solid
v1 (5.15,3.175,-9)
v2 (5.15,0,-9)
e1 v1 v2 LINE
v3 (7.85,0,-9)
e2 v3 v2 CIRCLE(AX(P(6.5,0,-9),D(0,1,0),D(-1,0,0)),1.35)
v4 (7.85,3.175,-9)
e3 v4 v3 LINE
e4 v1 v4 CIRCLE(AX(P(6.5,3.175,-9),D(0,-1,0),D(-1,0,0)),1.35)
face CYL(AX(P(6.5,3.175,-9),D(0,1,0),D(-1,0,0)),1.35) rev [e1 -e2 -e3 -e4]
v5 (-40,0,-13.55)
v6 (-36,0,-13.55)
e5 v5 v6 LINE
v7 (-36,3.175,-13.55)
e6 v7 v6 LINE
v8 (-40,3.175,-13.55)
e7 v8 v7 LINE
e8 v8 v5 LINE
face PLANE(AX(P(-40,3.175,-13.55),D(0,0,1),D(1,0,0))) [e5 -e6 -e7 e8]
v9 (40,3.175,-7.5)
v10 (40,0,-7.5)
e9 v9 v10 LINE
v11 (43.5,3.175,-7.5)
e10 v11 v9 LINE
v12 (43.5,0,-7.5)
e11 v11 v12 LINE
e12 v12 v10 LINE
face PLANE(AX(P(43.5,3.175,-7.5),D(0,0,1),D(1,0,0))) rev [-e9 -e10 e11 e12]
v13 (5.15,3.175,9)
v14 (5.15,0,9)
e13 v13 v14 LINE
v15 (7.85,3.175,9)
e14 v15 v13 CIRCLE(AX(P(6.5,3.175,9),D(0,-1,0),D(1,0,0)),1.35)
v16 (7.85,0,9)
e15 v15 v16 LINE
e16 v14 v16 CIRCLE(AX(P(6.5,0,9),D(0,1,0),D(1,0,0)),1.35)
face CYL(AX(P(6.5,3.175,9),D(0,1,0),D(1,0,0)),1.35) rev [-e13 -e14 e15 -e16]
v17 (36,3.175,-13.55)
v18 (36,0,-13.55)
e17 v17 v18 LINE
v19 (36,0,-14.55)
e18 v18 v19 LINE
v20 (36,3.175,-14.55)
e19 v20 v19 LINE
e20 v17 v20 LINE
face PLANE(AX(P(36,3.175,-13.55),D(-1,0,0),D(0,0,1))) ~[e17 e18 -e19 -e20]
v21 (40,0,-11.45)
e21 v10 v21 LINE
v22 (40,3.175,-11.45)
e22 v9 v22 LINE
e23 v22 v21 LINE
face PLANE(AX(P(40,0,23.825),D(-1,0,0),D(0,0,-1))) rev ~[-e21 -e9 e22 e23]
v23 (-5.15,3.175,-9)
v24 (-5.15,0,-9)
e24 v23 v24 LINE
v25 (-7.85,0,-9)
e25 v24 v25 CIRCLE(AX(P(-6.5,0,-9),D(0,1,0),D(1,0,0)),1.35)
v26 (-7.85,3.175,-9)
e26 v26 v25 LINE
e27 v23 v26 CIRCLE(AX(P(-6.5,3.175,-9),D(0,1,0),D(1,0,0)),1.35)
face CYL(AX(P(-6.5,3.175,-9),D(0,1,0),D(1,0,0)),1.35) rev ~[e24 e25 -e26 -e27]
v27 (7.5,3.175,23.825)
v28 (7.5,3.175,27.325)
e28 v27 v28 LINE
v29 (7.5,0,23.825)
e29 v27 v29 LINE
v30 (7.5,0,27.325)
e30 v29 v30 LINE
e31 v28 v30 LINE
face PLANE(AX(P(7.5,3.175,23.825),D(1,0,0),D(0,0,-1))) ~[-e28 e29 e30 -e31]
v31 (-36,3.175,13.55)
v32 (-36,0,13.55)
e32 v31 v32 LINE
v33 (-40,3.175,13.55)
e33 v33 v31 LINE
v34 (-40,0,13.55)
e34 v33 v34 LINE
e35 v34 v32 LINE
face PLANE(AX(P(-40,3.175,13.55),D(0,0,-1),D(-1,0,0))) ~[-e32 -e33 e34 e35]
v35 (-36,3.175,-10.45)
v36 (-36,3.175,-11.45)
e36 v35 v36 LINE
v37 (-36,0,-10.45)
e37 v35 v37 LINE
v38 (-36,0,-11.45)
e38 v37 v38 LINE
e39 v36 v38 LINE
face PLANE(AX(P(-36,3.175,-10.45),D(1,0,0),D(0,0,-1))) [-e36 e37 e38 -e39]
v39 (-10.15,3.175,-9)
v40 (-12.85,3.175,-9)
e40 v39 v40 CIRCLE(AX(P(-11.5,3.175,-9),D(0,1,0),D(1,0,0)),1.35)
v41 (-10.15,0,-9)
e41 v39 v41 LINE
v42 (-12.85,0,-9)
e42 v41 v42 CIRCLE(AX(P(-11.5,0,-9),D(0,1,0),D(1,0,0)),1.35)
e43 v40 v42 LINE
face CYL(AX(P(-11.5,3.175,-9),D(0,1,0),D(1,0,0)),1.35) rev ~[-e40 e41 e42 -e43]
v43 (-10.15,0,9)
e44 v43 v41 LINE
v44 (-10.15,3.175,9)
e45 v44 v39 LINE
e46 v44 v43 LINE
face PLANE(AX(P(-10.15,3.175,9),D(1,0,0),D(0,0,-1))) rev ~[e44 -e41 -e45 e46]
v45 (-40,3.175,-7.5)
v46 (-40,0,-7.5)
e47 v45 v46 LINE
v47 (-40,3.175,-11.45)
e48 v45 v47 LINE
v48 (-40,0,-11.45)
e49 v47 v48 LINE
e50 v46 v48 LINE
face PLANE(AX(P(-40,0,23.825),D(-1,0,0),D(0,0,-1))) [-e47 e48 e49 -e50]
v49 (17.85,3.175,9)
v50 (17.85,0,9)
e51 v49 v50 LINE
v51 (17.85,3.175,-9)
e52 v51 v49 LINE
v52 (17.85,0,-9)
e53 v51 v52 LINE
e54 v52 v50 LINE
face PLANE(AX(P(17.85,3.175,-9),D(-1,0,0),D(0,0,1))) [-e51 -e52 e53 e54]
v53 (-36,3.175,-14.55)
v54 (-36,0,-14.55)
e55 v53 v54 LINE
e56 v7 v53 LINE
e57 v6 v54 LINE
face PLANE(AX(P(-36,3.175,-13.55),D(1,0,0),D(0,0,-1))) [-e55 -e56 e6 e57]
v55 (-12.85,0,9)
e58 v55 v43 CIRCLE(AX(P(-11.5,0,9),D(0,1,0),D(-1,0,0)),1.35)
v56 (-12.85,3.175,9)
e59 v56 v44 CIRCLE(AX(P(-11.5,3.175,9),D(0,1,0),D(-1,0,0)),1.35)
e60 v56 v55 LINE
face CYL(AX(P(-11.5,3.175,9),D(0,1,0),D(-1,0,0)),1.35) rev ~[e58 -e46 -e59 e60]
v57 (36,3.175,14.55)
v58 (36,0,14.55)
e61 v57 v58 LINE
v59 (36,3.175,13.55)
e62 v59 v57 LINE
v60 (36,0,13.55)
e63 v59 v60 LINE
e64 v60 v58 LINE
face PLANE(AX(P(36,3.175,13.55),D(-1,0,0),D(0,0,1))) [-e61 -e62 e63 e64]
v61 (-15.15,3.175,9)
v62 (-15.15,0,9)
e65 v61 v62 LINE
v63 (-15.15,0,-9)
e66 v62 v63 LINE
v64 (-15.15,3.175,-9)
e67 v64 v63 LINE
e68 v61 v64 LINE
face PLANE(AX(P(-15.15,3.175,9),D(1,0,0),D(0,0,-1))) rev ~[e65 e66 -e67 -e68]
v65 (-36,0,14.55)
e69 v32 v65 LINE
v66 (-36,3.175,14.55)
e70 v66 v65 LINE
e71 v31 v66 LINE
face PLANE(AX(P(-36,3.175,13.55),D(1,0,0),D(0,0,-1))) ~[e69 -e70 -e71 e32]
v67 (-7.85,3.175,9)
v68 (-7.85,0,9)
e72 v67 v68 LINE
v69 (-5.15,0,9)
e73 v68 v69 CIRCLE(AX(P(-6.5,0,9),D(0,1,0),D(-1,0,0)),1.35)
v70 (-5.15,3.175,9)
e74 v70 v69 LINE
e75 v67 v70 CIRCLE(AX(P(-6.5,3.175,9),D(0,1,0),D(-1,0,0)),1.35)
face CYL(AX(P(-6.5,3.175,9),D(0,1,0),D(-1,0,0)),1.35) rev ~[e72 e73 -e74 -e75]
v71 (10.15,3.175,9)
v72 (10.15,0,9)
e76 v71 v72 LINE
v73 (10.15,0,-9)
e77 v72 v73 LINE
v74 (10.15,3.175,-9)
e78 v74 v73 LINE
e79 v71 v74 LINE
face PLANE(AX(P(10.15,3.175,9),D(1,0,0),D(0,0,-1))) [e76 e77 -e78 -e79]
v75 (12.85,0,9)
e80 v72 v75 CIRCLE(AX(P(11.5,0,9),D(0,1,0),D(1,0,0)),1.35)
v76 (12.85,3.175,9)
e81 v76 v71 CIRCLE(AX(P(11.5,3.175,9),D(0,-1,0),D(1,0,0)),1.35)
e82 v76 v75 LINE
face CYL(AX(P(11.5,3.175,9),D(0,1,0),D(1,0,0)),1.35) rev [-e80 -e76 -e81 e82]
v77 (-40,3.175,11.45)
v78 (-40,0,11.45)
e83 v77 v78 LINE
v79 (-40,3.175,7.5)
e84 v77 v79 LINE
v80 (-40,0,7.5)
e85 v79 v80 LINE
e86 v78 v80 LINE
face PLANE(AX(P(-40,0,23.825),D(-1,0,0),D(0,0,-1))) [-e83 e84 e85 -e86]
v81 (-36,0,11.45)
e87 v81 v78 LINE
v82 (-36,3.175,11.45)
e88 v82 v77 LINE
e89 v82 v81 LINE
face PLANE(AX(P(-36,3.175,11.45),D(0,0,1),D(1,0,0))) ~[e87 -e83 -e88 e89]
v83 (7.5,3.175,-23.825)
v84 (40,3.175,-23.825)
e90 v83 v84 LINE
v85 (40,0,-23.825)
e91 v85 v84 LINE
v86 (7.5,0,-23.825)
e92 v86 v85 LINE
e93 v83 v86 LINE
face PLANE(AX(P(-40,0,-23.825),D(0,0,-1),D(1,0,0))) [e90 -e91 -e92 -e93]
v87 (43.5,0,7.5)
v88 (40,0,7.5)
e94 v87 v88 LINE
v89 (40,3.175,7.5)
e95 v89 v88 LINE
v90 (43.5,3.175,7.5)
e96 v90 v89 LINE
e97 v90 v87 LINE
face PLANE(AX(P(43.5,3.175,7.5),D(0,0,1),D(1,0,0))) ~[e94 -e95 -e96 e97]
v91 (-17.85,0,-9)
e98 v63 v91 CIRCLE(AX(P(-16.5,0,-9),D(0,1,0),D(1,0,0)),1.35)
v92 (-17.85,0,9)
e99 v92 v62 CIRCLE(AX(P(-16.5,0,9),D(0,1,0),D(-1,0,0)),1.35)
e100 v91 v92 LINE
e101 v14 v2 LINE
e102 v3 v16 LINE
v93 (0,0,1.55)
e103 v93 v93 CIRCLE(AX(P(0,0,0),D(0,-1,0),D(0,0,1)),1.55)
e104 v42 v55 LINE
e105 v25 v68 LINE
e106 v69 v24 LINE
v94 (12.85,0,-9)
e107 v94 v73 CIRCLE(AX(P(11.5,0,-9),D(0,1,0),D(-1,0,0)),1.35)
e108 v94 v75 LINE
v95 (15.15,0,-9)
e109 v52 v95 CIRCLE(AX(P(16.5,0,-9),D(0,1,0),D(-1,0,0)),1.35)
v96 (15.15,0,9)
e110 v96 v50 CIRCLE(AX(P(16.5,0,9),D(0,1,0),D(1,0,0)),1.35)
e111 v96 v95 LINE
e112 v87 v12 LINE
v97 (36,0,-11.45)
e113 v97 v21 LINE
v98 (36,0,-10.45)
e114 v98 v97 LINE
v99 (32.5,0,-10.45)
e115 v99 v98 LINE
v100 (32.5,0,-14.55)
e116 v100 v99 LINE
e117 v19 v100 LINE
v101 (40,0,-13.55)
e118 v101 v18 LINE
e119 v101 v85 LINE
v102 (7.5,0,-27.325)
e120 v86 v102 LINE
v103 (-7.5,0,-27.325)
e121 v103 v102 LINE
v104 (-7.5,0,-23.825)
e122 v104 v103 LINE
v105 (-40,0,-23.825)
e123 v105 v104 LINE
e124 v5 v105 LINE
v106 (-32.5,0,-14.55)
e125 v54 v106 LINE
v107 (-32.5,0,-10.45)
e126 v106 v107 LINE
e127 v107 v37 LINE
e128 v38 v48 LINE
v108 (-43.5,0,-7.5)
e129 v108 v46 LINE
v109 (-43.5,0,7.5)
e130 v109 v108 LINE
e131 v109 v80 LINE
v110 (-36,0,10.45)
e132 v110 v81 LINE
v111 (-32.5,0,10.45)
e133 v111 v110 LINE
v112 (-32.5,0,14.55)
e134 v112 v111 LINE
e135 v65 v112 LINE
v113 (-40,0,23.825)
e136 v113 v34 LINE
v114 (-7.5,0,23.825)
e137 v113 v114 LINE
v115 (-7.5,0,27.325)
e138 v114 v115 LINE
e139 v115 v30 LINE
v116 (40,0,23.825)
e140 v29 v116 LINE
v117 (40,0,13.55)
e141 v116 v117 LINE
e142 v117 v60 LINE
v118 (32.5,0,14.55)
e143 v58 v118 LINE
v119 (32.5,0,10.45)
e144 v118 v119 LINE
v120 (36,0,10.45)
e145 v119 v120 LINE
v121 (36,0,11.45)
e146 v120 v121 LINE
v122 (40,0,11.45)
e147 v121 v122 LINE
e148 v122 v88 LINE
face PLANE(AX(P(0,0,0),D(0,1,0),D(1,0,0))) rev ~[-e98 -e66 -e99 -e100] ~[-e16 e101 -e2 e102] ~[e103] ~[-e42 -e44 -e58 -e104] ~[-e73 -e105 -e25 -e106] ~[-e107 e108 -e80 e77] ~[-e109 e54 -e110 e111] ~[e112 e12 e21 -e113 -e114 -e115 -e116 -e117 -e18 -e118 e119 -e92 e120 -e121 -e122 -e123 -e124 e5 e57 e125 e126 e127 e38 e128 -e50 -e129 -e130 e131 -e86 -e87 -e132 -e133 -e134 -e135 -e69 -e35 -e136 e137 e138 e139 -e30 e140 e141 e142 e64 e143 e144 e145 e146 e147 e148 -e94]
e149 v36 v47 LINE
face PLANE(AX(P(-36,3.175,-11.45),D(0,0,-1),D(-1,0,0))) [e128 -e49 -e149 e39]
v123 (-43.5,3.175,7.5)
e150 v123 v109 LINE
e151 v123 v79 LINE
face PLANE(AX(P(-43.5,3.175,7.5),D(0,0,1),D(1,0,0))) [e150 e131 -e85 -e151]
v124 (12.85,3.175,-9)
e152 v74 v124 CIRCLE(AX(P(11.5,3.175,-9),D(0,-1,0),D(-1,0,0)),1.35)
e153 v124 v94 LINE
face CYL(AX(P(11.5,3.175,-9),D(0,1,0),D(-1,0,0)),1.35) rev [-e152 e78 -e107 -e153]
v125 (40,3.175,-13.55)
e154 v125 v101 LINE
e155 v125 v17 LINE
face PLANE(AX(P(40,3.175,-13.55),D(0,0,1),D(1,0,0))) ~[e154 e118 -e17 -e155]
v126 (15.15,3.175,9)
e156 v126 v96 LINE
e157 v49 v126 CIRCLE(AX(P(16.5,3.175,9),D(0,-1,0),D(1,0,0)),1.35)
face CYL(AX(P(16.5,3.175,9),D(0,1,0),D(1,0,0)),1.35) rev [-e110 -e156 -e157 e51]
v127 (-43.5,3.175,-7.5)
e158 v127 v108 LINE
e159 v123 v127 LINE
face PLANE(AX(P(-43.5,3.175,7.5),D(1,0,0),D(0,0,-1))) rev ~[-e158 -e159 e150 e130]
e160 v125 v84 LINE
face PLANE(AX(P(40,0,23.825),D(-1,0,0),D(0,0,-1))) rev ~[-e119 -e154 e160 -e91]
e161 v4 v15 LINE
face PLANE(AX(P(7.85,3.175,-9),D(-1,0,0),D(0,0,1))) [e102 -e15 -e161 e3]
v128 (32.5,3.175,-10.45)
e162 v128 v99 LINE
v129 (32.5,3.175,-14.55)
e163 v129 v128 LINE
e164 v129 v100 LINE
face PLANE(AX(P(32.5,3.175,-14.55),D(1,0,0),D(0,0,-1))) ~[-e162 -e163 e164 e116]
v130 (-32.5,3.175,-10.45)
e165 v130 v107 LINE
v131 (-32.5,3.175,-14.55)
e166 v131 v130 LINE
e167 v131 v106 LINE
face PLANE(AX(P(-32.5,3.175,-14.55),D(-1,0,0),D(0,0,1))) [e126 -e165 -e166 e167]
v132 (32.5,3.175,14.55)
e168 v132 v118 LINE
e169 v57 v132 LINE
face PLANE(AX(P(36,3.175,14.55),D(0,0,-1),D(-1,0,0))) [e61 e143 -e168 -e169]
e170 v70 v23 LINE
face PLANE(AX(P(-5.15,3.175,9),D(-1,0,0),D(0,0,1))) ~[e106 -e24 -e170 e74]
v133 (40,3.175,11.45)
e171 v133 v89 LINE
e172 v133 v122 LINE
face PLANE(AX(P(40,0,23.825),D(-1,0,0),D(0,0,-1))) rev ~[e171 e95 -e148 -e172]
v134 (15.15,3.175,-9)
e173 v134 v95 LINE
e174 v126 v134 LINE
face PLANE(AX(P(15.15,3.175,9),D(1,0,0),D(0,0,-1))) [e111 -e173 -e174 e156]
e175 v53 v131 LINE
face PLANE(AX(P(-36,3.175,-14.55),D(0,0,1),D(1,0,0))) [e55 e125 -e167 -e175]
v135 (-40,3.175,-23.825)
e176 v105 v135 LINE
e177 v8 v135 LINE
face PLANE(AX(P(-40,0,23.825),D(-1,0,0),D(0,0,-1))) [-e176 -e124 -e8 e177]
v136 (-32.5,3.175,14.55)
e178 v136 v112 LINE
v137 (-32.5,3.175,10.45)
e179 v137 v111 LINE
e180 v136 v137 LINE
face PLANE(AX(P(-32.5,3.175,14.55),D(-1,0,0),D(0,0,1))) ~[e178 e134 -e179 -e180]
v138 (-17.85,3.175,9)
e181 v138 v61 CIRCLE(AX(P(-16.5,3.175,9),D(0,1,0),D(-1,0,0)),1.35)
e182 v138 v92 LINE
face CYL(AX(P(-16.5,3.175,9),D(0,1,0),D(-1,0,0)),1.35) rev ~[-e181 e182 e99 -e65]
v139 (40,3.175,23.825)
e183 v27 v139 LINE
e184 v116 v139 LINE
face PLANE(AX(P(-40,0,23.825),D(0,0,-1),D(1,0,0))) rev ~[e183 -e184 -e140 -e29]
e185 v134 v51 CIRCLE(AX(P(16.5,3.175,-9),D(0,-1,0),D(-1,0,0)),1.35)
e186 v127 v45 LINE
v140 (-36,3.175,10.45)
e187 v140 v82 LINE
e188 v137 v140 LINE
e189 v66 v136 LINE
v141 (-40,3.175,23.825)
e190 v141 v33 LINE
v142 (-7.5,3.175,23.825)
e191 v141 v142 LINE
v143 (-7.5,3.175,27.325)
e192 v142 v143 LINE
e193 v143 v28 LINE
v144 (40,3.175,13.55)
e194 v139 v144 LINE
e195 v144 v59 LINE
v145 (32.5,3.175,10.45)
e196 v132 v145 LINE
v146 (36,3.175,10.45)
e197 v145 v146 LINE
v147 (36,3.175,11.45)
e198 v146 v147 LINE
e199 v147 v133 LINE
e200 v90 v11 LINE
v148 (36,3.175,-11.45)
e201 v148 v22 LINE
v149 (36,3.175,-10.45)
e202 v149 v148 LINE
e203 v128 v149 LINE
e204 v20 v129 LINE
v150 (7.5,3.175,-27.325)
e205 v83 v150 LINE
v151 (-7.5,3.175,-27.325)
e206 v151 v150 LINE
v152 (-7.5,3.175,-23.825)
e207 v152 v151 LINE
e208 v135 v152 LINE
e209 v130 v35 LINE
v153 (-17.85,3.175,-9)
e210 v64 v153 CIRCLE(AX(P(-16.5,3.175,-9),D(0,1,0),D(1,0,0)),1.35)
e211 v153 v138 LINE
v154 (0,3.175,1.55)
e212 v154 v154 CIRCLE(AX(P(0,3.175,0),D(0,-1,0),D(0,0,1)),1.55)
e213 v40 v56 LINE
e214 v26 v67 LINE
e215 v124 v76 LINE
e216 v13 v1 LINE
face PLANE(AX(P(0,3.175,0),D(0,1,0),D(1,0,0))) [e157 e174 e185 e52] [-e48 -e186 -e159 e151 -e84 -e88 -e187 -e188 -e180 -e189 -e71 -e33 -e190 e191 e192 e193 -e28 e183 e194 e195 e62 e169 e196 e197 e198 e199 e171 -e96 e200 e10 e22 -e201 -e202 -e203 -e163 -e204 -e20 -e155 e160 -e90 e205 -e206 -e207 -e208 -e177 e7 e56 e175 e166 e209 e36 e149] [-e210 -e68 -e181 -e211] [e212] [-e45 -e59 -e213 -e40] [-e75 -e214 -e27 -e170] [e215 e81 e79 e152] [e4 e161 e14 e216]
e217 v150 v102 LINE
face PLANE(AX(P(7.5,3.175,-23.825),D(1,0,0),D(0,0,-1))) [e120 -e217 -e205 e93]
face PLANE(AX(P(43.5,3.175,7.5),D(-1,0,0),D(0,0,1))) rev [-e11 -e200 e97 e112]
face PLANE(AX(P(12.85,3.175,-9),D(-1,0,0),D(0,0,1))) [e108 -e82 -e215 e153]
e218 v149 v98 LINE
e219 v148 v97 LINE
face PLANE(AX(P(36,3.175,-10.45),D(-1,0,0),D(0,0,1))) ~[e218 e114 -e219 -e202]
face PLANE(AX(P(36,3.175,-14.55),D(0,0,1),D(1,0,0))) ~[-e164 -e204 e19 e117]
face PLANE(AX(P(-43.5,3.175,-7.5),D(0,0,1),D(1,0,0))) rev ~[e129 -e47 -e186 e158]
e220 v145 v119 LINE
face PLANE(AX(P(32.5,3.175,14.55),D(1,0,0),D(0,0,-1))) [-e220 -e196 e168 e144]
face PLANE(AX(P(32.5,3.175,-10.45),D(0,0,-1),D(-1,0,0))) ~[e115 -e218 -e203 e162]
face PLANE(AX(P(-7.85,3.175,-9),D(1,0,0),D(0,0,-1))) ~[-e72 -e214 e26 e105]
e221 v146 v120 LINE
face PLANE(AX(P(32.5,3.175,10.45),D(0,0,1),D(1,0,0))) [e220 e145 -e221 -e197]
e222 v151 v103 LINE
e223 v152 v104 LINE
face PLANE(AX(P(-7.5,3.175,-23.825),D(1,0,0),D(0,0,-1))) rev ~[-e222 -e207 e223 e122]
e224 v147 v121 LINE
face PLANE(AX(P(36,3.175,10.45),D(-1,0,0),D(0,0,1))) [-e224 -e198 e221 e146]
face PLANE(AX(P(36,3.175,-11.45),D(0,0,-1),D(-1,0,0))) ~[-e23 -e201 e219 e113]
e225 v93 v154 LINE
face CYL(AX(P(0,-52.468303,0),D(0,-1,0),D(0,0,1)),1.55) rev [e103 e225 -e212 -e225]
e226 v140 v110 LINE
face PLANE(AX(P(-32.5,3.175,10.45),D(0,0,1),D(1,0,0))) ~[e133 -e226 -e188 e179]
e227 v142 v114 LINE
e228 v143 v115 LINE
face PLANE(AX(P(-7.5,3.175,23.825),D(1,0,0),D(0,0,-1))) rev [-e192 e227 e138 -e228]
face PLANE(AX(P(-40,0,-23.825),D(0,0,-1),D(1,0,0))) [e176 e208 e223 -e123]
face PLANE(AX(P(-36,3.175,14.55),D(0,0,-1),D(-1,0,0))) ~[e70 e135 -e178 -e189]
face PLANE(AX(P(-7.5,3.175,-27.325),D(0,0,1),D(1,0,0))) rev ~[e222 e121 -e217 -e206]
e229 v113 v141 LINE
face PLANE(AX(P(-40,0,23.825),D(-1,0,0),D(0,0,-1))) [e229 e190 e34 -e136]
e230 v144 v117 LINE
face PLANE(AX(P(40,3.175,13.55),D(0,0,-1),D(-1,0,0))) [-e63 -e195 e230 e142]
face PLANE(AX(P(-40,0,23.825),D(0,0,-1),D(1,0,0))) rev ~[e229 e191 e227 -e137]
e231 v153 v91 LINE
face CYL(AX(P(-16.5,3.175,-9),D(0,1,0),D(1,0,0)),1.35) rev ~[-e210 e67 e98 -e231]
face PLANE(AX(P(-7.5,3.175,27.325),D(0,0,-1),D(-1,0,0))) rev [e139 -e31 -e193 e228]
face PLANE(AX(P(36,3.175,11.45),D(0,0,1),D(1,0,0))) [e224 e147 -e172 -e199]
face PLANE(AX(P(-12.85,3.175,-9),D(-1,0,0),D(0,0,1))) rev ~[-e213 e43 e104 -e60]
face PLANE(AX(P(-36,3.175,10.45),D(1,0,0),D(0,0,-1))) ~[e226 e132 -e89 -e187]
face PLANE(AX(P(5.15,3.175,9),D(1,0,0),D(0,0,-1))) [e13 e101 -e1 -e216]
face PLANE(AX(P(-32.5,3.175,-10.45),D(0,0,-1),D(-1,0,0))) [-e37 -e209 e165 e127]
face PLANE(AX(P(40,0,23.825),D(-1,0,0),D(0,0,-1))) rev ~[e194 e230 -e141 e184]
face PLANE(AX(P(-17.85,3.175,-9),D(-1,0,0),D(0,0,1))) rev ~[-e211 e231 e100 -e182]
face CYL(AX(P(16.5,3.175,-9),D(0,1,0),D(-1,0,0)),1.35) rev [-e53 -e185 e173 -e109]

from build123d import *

# Parameters (mm, degrees)
SKETCH2_W               = 80
SKETCH2_H               = 47.65
BOSS_EXTRUDE1_DEPTH     = 3.175
SKETCH3_W               = 15
SKETCH3_H               = 3.5
BOSS_EXTRUDE2_DEPTH     = 3.175
SKETCH4_W               = 3.5
SKETCH4_H               = 15
BOSS_EXTRUDE3_DEPTH     = 3.175
MIRROR2_COPY_1_SKETCH_W = 3.5
MIRROR2_COPY_1_SKETCH_H = 15
MIRROR2_COPY_1_DEPTH    = 3.175
MIRROR2_COPY_2_SKETCH_W = 3.5
MIRROR2_COPY_2_SKETCH_H = 15
MIRROR2_COPY_2_DEPTH    = 3.175
CUT_EXTRUDE1_DEPTH      = 10
MIRROR4_COPY_1_DEPTH    = 10
CUT_EXTRUDE2_DEPTH      = 10
LPATTERN1_COUNT         = 3
LPATTERN1_PITCH         = 5
MIRROR5_COPY_1_DEPTH    = 10
MIRROR5_COPY_2_DEPTH    = 10
CUT_EXTRUDE6_DEPTH      = 52.468303353
CUT_EXTRUDE6_DEPTH_BACK = 52.468303353
SKETCH7_R               = 1.55


with BuildPart() as part:
    # Sketch2 → Boss-Extrude1 (new body)
    with BuildSketch(Plane(origin=(0, 0, 0), x_dir=(1, 0, 0), z_dir=(0, 1, 0))):
        Rectangle(SKETCH2_W, SKETCH2_H)
    extrude(amount=BOSS_EXTRUDE1_DEPTH)

    # Sketch3 → Boss-Extrude2 (add)
    with BuildSketch(Plane(origin=(0, 3.175, 0), x_dir=(1, 0, 0), z_dir=(0, 1, 0))):
        with Locations((0, 25.575)):
            Rectangle(SKETCH3_W, SKETCH3_H)
    boss_extrude2 = extrude(amount=-BOSS_EXTRUDE2_DEPTH)

    # Sketch4 → Boss-Extrude3 (add)
    with BuildSketch(Plane(origin=(0, 3.175, 0), x_dir=(1, 0, 0), z_dir=(0, 1, 0))):
        with Locations((-41.75, 0)):
            Rectangle(SKETCH4_W, SKETCH4_H)
    boss_extrude3 = extrude(amount=-BOSS_EXTRUDE3_DEPTH)

    # Mirror1: Boss-Extrude3 across plane
    add(boss_extrude3.mirror(Plane(origin=(0, 0, 0), x_dir=(0, 0, 1), z_dir=(1, 0, 0))))

    # Mirror2: Boss-Extrude2 across plane
    add(boss_extrude2.mirror(Plane.XY))

    # Mirror2 copy 1 sketch → Mirror2 copy 1 (add)
    with BuildSketch(Plane(origin=(0, 3.175, 0), x_dir=(-1, 0, 0), z_dir=(0, 1, 0))):
        with Locations((-41.75, 0)):
            Rectangle(MIRROR2_COPY_1_SKETCH_W, MIRROR2_COPY_1_SKETCH_H)
    extrude(amount=-MIRROR2_COPY_1_DEPTH)

    # Mirror2 copy 2 sketch → Mirror2 copy 2 (add)
    with BuildSketch(Plane(origin=(0, 3.175, 0), x_dir=(1, 0, 0), z_dir=(0, 1, 0))):
        with Locations((-41.75, 0)):
            Rectangle(MIRROR2_COPY_2_SKETCH_W, MIRROR2_COPY_2_SKETCH_H)
    extrude(amount=-MIRROR2_COPY_2_DEPTH)

    # Sketch5 → Cut-Extrude1 (cut)
    with BuildSketch(Plane(origin=(0, 3.175, 0), x_dir=(1, 0, 0), z_dir=(0, 1, 0))):
        Polygon((-40, 13.55), (-36, 13.55), (-36, 14.55), (-32.5, 14.55), (-32.5, 10.45), (-36, 10.45), (-36, 11.45), (-40, 11.45), align=None)
    cut_extrude1 = extrude(amount=-CUT_EXTRUDE1_DEPTH, mode=Mode.SUBTRACT)

    # Mirror3: Cut-Extrude1 across plane
    add(cut_extrude1.mirror(Plane.XY), mode=Mode.SUBTRACT)

    # Mirror4: Cut-Extrude1 across plane
    add(cut_extrude1.mirror(Plane(origin=(0, 0, 0), x_dir=(0, 0, 1), z_dir=(1, 0, 0))), mode=Mode.SUBTRACT)

    # Mirror4 copy 1 sketch → Mirror4 copy 1 (cut)
    with BuildSketch(Plane(origin=(0, 3.175, 0), x_dir=(-1, 0, 0), z_dir=(0, 1, 0))):
        Polygon((-40, 13.55), (-36, 13.55), (-36, 14.55), (-32.5, 14.55), (-32.5, 10.45), (-36, 10.45), (-36, 11.45), (-40, 11.45), align=None)
    extrude(amount=-MIRROR4_COPY_1_DEPTH, mode=Mode.SUBTRACT)

    # Sketch6 → Cut-Extrude2 (cut)
    with BuildSketch(Plane(origin=(0, 3.175, 0), x_dir=(1, 0, 0), z_dir=(0, 1, 0))):
        with BuildLine():
            Line((5.15, -9), (5.15, 9))
            ThreePointArc((5.15, 9), (6.5, 10.35), (7.85, 9))
            Line((7.85, 9), (7.85, -9))
            ThreePointArc((7.85, -9), (6.5, -10.35), (5.15, -9))
        make_face()
    cut_extrude2 = extrude(amount=-CUT_EXTRUDE2_DEPTH, mode=Mode.SUBTRACT)

    # LPattern1: Cut-Extrude2 ×3
    with Locations(*[(i * LPATTERN1_PITCH, 0, 0) for i in range(1, LPATTERN1_COUNT)]):
        add(cut_extrude2, mode=Mode.SUBTRACT)

    # Mirror5: Cut-Extrude2 across plane
    add(cut_extrude2.mirror(Plane(origin=(0, 0, 0), x_dir=(0, 0, 1), z_dir=(1, 0, 0))), mode=Mode.SUBTRACT)

    # Mirror5 copy 1 sketch → Mirror5 copy 1 (cut)
    with BuildSketch(Plane(origin=(-5, 3.175, 0), x_dir=(-1, 0, 0), z_dir=(0, 1, 0))):
        with BuildLine():
            Line((5.15, 9), (5.15, -9))
            ThreePointArc((5.15, -9), (6.5, -10.35), (7.85, -9))
            Line((7.85, -9), (7.85, 9))
            ThreePointArc((7.85, 9), (6.5, 10.35), (5.15, 9))
        make_face()
    extrude(amount=-MIRROR5_COPY_1_DEPTH, mode=Mode.SUBTRACT)

    # Mirror5 copy 2 sketch → Mirror5 copy 2 (cut)
    with BuildSketch(Plane(origin=(-10, 3.175, 0), x_dir=(-1, 0, 0), z_dir=(0, 1, 0))):
        with BuildLine():
            Line((5.15, 9), (5.15, -9))
            ThreePointArc((5.15, -9), (6.5, -10.35), (7.85, -9))
            Line((7.85, -9), (7.85, 9))
            ThreePointArc((7.85, 9), (6.5, 10.35), (5.15, 9))
        make_face()
    extrude(amount=-MIRROR5_COPY_2_DEPTH, mode=Mode.SUBTRACT)

    # Sketch7 → Cut-Extrude6 (cut, two sides: drawn at the far end of the back side and taken through both)
    with BuildSketch(Plane(origin=(0, 0, 0), x_dir=(1, 0, 0), z_dir=(0, 1, 0)).offset(-CUT_EXTRUDE6_DEPTH_BACK)):
        with Locations(Location((0, 0, 0), (0, 0, 270))):
            Circle(SKETCH7_R)
    extrude(amount=CUT_EXTRUDE6_DEPTH + CUT_EXTRUDE6_DEPTH_BACK, mode=Mode.SUBTRACT)


solid = part.part
